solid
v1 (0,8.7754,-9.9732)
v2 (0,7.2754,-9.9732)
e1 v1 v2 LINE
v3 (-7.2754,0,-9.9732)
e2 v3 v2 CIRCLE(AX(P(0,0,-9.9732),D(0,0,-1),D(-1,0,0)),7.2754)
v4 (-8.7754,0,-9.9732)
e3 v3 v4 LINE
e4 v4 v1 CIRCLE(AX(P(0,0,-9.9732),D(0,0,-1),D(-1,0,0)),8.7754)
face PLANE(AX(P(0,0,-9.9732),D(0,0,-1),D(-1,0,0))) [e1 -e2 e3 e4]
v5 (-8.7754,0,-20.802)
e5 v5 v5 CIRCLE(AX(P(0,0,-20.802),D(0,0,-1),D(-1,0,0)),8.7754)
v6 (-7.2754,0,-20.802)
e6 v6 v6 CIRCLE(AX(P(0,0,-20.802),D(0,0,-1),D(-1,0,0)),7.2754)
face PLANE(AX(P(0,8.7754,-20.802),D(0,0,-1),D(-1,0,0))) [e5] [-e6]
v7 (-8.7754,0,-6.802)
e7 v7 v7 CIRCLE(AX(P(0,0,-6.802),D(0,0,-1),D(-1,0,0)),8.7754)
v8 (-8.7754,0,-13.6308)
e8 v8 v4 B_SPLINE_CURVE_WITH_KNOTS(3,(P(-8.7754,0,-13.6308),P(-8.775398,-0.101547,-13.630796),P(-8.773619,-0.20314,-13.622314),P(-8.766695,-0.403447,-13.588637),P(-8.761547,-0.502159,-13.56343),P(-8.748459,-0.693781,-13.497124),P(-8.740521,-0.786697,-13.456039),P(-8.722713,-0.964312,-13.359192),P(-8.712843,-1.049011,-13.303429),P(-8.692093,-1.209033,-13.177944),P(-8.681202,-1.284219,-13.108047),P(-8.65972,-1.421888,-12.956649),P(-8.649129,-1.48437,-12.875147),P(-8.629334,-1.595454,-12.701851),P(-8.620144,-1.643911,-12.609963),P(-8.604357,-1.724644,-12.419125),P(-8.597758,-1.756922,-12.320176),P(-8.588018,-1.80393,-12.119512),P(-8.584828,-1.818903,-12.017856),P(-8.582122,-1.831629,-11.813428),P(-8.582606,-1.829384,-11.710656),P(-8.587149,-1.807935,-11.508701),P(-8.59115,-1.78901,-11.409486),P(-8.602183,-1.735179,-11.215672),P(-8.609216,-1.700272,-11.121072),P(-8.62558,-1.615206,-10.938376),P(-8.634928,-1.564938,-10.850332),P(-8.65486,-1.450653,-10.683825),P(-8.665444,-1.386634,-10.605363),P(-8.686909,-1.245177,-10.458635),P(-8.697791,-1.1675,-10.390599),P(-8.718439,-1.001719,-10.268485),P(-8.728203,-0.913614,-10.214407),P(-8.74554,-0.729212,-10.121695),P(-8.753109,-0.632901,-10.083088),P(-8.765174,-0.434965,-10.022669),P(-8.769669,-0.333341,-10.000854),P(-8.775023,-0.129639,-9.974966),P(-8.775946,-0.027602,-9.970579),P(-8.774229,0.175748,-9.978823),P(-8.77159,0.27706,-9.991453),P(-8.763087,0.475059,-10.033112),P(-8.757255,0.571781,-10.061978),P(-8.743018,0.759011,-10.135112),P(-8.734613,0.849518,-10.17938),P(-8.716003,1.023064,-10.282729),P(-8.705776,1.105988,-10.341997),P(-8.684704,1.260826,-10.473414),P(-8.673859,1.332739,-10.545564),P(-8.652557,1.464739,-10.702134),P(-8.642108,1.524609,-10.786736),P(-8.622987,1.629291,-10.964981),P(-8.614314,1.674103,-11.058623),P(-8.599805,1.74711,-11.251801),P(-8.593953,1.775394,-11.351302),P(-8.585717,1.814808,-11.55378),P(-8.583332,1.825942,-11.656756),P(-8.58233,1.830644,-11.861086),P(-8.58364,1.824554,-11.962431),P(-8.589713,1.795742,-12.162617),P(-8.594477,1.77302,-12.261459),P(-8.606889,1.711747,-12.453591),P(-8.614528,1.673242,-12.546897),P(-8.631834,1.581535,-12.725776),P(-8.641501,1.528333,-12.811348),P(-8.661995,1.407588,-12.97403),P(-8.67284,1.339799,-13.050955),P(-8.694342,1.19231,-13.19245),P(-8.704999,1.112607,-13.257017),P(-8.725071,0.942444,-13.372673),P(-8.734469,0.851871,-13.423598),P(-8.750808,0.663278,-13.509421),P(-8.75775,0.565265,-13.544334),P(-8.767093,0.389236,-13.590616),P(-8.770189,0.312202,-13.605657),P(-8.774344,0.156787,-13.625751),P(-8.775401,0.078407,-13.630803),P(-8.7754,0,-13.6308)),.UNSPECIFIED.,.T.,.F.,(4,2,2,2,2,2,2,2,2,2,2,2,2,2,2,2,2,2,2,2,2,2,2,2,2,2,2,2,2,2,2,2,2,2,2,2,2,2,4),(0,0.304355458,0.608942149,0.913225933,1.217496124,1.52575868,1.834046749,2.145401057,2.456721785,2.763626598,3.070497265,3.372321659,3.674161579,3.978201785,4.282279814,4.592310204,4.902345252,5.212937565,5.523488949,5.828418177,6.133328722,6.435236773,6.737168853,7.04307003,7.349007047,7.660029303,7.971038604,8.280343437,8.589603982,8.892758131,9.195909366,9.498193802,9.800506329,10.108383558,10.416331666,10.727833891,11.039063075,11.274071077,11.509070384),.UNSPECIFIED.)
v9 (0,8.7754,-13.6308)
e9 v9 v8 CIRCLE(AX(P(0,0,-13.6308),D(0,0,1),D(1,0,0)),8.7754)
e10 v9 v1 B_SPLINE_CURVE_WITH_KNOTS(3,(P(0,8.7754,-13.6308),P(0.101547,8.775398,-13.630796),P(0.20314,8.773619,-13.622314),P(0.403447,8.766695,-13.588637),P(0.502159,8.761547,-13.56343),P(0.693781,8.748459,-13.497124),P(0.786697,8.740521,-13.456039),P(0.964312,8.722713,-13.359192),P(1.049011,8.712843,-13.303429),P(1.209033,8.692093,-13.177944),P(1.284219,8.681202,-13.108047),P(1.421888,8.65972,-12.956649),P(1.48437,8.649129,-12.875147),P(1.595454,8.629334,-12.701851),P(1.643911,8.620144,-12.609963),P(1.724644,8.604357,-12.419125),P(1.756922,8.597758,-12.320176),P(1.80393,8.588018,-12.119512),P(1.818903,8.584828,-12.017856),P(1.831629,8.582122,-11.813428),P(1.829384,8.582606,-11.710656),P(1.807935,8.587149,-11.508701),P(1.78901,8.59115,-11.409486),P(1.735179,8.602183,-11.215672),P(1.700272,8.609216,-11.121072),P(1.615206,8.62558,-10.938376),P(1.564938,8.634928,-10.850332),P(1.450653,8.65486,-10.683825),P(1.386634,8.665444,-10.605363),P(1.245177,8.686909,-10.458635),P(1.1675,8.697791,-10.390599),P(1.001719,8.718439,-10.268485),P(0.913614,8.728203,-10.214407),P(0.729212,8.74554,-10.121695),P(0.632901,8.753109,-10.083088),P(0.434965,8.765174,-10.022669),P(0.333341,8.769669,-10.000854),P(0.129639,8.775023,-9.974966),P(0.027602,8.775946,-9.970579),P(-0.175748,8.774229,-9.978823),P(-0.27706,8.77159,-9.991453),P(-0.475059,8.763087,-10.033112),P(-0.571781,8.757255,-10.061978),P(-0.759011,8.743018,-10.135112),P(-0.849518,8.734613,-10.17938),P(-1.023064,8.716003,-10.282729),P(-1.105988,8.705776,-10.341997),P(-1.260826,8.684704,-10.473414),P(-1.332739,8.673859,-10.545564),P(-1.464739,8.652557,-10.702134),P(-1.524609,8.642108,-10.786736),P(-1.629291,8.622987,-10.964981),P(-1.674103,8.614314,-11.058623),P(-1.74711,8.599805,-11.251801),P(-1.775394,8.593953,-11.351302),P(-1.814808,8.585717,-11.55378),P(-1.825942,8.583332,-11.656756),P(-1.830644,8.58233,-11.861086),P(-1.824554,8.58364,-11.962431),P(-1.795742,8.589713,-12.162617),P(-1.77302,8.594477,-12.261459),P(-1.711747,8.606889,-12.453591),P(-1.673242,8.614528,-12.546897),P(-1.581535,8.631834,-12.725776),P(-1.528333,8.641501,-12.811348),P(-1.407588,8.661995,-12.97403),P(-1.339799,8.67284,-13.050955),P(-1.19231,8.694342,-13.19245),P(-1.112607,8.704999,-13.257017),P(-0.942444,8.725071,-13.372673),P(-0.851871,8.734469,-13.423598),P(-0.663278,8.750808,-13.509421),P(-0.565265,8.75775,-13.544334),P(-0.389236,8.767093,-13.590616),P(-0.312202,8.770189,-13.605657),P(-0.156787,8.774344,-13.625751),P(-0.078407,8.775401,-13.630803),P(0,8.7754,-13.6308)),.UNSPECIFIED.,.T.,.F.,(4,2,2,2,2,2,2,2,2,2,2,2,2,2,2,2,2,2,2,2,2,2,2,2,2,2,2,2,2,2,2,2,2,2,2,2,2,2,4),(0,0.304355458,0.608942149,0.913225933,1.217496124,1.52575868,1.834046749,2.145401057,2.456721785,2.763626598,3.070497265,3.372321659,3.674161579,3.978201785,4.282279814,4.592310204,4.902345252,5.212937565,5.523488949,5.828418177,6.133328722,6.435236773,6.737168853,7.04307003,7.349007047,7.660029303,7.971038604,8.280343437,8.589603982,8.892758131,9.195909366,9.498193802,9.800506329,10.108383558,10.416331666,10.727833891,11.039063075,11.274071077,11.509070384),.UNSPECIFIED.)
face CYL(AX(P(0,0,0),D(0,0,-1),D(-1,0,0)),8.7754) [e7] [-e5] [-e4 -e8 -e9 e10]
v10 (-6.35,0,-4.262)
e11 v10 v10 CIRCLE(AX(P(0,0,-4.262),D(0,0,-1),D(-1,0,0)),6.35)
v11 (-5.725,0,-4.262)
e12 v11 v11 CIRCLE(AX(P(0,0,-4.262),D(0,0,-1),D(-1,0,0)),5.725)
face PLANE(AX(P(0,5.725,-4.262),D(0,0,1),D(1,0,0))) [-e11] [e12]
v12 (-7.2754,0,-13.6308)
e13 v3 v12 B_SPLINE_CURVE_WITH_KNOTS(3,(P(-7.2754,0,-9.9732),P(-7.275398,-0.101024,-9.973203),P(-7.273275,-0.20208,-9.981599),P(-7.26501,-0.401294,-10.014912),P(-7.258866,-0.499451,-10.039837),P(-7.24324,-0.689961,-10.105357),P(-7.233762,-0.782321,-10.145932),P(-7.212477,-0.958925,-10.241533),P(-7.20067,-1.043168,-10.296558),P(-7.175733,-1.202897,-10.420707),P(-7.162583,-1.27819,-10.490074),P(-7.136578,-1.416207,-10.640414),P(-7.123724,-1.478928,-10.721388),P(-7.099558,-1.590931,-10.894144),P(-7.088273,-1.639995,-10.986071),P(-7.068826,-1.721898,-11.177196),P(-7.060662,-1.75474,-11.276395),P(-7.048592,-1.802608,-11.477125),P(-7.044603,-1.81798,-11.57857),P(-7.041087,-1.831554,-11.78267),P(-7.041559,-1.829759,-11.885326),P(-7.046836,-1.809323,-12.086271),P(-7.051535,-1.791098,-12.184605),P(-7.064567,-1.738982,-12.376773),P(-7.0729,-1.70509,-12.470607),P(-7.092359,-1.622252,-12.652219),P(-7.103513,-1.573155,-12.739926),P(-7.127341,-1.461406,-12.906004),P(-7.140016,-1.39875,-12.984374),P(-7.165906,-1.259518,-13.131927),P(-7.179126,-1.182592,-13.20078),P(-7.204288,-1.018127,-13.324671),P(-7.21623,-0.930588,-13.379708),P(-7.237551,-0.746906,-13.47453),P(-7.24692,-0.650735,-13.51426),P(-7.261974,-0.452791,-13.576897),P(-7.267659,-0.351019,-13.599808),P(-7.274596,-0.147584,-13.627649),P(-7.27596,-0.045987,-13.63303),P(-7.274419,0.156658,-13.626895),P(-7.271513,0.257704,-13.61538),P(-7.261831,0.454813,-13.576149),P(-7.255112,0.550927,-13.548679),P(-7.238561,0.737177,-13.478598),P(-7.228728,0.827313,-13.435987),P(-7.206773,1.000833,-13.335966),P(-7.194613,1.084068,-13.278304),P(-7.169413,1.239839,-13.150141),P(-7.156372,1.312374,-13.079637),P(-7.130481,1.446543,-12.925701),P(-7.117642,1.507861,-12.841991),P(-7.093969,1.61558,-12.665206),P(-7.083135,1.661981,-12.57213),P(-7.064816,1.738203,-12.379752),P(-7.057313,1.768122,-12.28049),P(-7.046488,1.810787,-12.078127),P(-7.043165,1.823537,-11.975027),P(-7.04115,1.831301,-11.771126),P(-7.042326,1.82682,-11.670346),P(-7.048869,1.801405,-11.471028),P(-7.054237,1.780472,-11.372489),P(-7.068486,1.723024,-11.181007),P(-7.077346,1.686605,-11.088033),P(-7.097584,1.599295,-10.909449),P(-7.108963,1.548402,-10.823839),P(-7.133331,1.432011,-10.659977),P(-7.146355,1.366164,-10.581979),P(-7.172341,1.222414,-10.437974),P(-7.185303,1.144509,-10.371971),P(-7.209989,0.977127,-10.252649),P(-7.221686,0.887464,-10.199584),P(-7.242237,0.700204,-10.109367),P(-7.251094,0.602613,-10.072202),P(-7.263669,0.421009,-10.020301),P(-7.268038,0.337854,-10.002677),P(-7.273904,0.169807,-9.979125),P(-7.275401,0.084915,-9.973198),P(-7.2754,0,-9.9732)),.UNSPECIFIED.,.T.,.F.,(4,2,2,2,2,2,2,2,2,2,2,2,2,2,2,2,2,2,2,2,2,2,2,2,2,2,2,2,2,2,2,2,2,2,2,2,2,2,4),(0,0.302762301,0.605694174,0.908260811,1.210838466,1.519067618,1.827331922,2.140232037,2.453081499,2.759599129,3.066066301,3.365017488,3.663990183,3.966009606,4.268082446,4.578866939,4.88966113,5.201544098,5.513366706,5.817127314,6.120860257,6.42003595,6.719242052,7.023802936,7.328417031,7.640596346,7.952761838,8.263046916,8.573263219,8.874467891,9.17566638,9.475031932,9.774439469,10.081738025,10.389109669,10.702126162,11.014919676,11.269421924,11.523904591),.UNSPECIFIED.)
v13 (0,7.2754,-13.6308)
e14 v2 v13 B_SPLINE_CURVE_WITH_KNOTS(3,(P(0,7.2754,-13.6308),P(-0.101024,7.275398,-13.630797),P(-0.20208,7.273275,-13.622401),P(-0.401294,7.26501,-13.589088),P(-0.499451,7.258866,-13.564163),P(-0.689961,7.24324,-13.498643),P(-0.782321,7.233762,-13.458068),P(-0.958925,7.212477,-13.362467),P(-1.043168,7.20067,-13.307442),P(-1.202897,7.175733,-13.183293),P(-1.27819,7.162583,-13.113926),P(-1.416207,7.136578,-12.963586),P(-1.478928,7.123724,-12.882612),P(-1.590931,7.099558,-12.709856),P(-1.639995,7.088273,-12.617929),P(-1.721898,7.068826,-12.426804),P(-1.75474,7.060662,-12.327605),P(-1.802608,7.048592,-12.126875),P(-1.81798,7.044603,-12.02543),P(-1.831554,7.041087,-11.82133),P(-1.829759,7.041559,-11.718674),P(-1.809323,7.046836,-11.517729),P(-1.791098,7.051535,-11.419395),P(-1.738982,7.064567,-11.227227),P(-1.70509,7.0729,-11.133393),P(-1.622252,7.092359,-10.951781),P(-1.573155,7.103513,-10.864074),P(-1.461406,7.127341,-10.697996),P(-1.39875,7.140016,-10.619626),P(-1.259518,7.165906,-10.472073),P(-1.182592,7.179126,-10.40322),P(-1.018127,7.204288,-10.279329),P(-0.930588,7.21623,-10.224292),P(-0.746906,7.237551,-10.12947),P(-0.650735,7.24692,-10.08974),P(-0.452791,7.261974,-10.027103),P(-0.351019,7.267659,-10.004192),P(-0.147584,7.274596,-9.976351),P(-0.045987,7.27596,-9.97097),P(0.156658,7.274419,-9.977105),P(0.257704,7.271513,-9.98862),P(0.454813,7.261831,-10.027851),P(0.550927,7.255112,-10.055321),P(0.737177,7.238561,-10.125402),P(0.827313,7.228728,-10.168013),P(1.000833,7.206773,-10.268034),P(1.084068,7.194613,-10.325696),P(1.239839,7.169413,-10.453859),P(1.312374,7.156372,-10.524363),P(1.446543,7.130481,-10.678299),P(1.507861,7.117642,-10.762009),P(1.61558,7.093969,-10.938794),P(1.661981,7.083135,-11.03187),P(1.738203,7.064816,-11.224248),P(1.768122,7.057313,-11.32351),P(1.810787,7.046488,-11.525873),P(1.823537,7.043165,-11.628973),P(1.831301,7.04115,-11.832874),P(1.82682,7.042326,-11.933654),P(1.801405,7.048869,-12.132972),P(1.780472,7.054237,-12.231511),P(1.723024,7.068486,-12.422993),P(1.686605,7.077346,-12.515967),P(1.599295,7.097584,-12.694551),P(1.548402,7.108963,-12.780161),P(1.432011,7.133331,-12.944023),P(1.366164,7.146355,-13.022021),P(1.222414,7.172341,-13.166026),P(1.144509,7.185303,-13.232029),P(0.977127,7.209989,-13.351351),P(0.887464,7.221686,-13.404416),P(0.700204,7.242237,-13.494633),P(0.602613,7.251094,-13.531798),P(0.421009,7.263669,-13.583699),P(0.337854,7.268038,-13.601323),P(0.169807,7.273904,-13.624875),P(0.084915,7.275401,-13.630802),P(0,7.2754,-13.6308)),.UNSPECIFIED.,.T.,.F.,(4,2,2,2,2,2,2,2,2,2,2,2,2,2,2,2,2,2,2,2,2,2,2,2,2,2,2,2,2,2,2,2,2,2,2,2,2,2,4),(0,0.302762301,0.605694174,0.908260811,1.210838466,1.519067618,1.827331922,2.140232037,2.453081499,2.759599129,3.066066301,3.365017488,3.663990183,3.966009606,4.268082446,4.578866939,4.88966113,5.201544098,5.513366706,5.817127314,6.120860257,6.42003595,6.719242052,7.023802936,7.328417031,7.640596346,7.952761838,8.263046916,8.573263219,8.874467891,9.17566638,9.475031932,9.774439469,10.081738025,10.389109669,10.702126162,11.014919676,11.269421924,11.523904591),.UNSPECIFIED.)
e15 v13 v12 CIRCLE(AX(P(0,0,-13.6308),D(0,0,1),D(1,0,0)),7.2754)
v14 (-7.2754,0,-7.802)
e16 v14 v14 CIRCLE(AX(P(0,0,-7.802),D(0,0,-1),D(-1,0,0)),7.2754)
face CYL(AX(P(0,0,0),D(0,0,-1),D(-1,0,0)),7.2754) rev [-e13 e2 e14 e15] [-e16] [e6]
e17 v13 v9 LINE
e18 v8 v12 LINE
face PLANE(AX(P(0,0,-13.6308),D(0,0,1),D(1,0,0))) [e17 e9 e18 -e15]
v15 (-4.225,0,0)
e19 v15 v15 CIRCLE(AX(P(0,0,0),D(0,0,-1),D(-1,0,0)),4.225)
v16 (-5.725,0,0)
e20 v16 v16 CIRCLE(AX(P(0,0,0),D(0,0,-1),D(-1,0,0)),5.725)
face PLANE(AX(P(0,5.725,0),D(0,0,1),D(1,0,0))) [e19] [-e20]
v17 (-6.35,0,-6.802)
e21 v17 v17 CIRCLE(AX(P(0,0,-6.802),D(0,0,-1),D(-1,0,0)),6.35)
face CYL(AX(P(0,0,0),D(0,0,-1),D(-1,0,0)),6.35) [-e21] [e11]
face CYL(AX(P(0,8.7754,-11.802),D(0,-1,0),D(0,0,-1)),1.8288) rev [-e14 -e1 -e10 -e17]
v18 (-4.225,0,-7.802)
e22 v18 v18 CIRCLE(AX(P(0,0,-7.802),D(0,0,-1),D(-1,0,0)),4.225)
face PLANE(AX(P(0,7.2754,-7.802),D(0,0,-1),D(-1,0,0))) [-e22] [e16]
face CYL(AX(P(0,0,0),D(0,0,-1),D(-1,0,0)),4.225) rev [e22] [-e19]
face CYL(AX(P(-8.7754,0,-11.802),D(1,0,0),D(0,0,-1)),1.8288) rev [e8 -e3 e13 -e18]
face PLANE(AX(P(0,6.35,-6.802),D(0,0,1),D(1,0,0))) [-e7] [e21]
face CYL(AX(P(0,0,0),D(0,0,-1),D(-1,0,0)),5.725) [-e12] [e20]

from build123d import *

# Parameters (mm, degrees)
SKETCH2_R          = 1.8288
CUT_EXTRUDE1_DEPTH = 9.7754
SKETCH3_R          = 1.8288
CUT_EXTRUDE2_DEPTH = 9.7754001
CUT_EXTRUDE3_DEPTH = 3.6576


with BuildPart() as part:
    # Sketch1 → Revolve1 (revolve)
    with BuildSketch(Plane(origin=(0, 0, 0), x_dir=(0, 0, -1), z_dir=(1, 0, 0)), mode=Mode.PRIVATE) as revolve1_sk:
        Polygon((0, 5.725), (0, 4.225), (7.802, 4.225), (7.802, 7.2754), (20.802, 7.2754), (20.802, 8.7754), (6.802, 8.7754), (6.802, 6.35), (4.262, 6.35), (4.262, 5.725), align=None)
    revolve(revolve1_sk.sketch.rotate(Axis((0, 0, 0), (0, 0, 1)), 90), axis=Axis((0, 0, 0), (0, 0, 1)))  # turned: the seam where the file's is

    # Sketch2 → Cut-Extrude1 (cut, through all)
    with BuildSketch(Plane(origin=(0, 0, 0), x_dir=(1, 0, 0), z_dir=(0, 1, 0))):
        with Locations(Location((0, 11.802, 0), (0, 0, 90))):  # turned: the seam where the file's is
            Circle(SKETCH2_R)
    extrude(amount=CUT_EXTRUDE1_DEPTH, mode=Mode.SUBTRACT)

    # Sketch3 → Cut-Extrude2 (cut, through all)
    with BuildSketch(Plane(origin=(0, 0, 0), x_dir=(0, 0, -1), z_dir=(1, 0, 0))):
        with Locations((11.802, 0)):
            Circle(SKETCH3_R)
    extrude(amount=-CUT_EXTRUDE2_DEPTH, mode=Mode.SUBTRACT)

    # Sketch4 → Cut-Extrude3 (cut)
    with BuildSketch(Plane(origin=(0, 0, -9.9732), x_dir=(-1, 0, 0), z_dir=(0, 0, -1))):
        with BuildLine():
            Line((0, 0), (0, 8.7754))
            ThreePointArc((0, 8.7754), (6.205144848, 6.205144848), (8.7754, 0))
            Line((8.7754, 0), (0, 0))
        make_face()
    extrude(amount=CUT_EXTRUDE3_DEPTH, mode=Mode.SUBTRACT)


solid = part.part
